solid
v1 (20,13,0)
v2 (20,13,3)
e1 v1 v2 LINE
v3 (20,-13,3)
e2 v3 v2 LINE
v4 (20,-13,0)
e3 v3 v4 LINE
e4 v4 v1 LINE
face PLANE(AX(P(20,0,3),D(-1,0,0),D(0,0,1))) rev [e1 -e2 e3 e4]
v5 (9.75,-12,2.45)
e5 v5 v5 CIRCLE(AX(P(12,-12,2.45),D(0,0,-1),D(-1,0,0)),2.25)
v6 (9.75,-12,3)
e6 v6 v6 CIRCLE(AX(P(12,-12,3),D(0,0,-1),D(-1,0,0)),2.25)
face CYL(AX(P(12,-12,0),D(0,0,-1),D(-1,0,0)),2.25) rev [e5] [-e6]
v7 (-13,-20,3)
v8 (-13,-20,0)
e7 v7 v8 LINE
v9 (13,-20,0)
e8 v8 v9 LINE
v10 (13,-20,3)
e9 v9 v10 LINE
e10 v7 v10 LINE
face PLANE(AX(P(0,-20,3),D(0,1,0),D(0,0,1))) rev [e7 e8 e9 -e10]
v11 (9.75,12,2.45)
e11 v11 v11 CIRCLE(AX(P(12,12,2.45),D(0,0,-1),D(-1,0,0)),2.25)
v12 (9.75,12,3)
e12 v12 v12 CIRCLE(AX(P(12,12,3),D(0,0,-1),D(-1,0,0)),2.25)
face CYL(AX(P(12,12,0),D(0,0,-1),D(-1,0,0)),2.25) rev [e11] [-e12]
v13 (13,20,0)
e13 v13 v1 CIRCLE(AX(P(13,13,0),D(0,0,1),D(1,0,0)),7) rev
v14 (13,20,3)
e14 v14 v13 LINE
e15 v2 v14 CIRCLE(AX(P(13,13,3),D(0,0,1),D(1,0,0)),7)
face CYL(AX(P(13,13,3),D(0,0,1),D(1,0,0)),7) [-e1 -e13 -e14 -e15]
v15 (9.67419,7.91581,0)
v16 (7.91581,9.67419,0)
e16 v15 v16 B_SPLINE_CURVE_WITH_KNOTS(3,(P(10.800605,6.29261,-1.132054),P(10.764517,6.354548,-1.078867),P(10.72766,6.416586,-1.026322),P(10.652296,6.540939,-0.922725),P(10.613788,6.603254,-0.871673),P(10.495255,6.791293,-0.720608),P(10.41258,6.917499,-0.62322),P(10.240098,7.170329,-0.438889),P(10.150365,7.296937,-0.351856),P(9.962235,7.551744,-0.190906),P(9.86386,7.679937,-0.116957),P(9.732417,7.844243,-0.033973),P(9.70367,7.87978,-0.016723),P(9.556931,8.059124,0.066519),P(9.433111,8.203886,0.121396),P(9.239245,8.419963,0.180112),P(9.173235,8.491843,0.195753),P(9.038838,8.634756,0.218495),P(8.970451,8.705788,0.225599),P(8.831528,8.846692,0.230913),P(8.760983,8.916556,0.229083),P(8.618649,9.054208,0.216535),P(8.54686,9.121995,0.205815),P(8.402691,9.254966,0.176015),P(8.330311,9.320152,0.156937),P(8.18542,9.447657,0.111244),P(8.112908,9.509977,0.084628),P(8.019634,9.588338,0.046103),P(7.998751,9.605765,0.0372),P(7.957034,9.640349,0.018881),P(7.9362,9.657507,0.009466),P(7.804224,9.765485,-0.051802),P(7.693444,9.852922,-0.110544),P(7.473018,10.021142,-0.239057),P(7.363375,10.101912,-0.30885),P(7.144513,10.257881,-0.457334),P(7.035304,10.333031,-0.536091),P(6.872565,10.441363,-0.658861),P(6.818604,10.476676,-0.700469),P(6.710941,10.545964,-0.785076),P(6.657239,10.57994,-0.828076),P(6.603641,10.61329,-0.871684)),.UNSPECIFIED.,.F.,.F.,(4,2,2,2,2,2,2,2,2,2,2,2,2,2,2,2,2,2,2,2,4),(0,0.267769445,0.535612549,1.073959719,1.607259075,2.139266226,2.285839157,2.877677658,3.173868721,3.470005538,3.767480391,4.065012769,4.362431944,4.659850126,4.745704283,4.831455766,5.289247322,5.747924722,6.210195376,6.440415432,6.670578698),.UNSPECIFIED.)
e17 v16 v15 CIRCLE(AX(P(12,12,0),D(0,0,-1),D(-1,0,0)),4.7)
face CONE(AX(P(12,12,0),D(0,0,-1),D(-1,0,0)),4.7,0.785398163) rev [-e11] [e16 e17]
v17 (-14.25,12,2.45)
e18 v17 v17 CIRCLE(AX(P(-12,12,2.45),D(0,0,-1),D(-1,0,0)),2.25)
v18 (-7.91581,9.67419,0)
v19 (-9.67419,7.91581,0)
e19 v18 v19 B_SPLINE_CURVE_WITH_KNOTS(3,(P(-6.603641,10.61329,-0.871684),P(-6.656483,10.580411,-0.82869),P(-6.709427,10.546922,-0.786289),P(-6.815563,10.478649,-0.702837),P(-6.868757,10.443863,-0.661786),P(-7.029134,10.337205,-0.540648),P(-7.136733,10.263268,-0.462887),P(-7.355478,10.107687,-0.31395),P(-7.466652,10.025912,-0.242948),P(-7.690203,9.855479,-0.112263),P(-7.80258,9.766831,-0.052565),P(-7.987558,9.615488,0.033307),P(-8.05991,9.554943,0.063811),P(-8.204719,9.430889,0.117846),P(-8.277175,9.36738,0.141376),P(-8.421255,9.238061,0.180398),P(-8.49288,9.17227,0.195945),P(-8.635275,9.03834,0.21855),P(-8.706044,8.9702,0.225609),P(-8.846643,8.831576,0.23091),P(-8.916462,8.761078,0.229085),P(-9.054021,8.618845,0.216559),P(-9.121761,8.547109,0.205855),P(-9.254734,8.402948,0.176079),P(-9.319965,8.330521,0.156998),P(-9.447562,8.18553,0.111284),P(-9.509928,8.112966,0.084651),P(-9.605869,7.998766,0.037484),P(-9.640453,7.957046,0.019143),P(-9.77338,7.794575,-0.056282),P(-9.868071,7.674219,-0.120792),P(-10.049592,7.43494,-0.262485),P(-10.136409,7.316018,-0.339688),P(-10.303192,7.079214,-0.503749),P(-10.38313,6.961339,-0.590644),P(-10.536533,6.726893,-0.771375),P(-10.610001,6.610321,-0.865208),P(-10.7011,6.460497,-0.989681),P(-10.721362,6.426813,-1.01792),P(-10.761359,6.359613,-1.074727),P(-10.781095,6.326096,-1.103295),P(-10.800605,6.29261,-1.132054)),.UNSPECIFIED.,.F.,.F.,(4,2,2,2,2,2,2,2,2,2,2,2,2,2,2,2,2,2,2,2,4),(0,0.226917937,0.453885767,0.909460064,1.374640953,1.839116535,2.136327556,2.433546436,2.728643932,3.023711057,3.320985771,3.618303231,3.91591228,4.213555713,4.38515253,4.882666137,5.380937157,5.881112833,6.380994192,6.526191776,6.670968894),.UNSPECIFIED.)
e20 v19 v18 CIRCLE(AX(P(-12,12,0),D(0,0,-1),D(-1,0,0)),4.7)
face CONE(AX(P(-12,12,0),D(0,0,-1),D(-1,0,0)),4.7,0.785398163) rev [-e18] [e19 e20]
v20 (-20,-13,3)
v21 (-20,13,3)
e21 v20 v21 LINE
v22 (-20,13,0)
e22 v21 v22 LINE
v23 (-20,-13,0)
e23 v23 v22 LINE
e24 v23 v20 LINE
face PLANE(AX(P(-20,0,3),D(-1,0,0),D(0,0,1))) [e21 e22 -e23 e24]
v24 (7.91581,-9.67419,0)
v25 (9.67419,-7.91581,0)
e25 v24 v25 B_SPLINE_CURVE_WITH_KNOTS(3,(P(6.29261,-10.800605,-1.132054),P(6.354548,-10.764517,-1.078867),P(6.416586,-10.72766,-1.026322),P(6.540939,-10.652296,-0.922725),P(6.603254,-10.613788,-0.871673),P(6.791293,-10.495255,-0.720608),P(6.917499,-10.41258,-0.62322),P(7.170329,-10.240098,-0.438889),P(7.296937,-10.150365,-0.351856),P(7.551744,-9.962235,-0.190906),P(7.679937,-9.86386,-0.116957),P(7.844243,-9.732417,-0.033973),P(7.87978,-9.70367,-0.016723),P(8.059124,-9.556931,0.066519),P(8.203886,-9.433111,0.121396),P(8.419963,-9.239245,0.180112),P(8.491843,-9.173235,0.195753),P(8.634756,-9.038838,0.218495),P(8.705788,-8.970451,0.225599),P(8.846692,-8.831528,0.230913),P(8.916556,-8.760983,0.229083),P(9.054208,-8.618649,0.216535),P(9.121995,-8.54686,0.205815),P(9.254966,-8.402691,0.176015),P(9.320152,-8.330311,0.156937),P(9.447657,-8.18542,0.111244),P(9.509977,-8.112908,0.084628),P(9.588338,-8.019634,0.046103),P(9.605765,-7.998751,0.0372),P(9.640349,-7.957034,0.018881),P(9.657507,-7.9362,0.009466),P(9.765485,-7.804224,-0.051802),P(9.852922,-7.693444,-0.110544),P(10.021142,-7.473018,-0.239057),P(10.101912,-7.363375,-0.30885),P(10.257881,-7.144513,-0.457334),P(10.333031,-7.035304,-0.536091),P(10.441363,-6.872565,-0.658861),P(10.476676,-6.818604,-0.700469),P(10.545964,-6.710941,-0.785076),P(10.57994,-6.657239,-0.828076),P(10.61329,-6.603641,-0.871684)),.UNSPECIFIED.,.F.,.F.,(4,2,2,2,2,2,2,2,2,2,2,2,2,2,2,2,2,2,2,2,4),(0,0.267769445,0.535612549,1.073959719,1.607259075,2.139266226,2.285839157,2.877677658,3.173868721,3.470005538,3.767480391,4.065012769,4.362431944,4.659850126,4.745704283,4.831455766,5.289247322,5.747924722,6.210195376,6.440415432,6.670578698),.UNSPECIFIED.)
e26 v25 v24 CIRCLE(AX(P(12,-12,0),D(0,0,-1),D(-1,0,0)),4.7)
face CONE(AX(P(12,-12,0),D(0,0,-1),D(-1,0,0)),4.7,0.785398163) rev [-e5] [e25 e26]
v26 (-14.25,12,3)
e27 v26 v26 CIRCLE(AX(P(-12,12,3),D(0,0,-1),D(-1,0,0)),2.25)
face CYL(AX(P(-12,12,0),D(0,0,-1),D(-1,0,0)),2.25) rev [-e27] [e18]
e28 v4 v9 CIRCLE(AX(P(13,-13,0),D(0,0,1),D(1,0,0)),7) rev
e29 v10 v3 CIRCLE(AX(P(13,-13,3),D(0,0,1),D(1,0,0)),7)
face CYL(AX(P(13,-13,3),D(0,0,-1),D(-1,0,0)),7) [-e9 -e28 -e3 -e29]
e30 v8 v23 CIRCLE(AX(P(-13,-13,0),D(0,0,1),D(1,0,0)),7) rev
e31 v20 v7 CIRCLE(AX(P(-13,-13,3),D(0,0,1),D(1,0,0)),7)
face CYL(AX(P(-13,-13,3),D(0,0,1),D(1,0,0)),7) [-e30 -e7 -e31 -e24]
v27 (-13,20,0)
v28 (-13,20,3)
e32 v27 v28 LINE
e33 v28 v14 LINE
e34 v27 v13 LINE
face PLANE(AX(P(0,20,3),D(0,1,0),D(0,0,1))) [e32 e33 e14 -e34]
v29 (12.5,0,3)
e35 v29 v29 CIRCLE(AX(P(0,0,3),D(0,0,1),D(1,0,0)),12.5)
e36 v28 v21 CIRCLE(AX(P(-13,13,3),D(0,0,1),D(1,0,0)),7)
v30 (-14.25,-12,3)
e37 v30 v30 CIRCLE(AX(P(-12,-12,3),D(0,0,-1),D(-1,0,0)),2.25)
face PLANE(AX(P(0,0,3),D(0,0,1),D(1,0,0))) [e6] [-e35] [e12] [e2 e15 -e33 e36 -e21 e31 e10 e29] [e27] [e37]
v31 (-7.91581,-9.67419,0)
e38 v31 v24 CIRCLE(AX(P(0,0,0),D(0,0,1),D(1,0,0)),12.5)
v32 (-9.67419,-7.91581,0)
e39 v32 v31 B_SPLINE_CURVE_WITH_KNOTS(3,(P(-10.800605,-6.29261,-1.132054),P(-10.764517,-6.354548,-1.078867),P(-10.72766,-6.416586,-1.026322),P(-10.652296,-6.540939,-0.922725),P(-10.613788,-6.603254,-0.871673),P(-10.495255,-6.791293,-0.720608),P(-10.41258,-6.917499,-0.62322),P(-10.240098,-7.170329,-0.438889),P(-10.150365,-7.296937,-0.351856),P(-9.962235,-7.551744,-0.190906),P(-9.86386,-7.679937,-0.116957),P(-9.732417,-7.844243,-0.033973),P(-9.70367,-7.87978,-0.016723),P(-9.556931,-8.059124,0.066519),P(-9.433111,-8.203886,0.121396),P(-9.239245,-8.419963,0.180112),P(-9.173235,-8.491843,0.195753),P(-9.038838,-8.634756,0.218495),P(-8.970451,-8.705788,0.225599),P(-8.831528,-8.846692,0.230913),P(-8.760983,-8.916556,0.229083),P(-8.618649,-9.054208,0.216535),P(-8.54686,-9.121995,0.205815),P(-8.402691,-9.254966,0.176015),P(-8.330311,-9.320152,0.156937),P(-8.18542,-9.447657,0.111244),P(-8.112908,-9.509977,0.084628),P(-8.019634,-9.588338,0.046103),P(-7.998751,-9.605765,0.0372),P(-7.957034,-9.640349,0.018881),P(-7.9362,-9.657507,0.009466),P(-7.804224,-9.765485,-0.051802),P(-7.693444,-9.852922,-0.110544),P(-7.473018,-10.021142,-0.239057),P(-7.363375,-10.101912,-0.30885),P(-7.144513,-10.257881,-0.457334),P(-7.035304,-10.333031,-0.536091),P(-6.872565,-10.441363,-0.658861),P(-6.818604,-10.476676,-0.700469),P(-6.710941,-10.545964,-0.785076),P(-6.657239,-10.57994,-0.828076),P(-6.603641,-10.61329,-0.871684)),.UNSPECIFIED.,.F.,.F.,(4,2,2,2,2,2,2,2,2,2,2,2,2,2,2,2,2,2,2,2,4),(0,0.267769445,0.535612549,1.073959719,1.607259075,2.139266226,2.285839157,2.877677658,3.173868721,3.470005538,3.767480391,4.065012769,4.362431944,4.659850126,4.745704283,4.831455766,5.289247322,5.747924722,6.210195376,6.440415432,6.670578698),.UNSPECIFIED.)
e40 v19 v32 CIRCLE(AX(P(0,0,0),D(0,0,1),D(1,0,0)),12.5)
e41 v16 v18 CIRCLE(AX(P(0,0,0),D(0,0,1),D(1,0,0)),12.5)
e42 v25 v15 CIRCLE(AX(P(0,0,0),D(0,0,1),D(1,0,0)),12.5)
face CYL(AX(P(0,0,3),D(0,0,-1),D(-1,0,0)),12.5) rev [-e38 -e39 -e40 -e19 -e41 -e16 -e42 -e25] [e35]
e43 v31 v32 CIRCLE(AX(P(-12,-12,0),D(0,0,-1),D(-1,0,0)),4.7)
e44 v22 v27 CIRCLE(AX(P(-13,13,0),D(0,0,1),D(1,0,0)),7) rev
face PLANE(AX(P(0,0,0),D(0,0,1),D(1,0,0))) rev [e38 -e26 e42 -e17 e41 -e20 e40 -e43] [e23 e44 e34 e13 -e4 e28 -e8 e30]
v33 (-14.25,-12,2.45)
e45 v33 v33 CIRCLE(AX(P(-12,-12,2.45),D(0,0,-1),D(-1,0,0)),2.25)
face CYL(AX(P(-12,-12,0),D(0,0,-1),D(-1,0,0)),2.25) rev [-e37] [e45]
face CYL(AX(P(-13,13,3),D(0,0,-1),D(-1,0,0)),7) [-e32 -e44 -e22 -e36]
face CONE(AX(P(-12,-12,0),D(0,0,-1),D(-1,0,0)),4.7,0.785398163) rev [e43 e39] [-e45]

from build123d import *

# Parameters (mm, degrees)
SKETCH1_W                                    = 40
SKETCH1_H                                    = 40
SKETCH1_R                                    = 12.5
BOSS_EXTRUDE1_DEPTH                          = 3
FILLET1_R                                    = 7
CSK_FOR_M4_COUNTERSUNK_FLAT_HEAD_SCR_2_COUNT = 2
CSK_FOR_M4_COUNTERSUNK_FLAT_HEAD_SCR_2_PITCH = 24
CSK_FOR_M4_COUNTERSUNK_FLAT_HEAD_SCR_3_COUNT = 2
CSK_FOR_M4_COUNTERSUNK_FLAT_HEAD_SCR_3_PITCH = 33.941125497
CSK_FOR_M4_COUNTERSUNK_FLAT_HEAD_SCR_4_COUNT = 2
CSK_FOR_M4_COUNTERSUNK_FLAT_HEAD_SCR_4_PITCH = 24


with BuildPart() as part:
    # Sketch1 → Boss-Extrude1 (new body)
    with BuildSketch(Plane.XY):
        Rectangle(SKETCH1_W, SKETCH1_H)
        Circle(SKETCH1_R, mode=Mode.SUBTRACT)
    extrude(amount=BOSS_EXTRUDE1_DEPTH)

    # Fillet1
    fillet1_edges = [part.edges().sort_by_distance(p)[0] for p in [
        (-20, -20, 1.5),
        (-20, 20, 1.5),
        (20, 20, 1.5),
        (20, -20, 1.5),
    ]]
    fillet(fillet1_edges, radius=FILLET1_R)

    # Sketch3 → CSK for M4 Countersunk Flat Head Screw1 (revolve, cut)
    with BuildSketch(Plane(origin=(12, 12, 0), x_dir=(0, 1, 0), z_dir=(1, 0, 0))):
        Polygon((0, 0), (0, 3), (2.25, 3), (2.25, 2.45), (4.7, 0), align=None)
    csk_for_m4_countersunk_flat_head_screw1 = revolve(axis=Axis((12, 12, -6.35), (0, 0, 1)), mode=Mode.SUBTRACT)

    # CSK for M4 Countersunk Flat Head Scr 2: CSK for M4 Countersunk Flat Head Screw1 ×2
    with Locations(*[(-i * CSK_FOR_M4_COUNTERSUNK_FLAT_HEAD_SCR_2_PITCH, 0, 0) for i in range(1, CSK_FOR_M4_COUNTERSUNK_FLAT_HEAD_SCR_2_COUNT)]):
        add(csk_for_m4_countersunk_flat_head_screw1, mode=Mode.SUBTRACT)

    # CSK for M4 Countersunk Flat Head Scr 3: CSK for M4 Countersunk Flat Head Screw1 ×2
    with Locations(*[Vector(-0.7071067811865475, -0.7071067811865476, 0) * (i * CSK_FOR_M4_COUNTERSUNK_FLAT_HEAD_SCR_3_PITCH) for i in range(1, CSK_FOR_M4_COUNTERSUNK_FLAT_HEAD_SCR_3_COUNT)]):
        add(csk_for_m4_countersunk_flat_head_screw1, mode=Mode.SUBTRACT)

    # CSK for M4 Countersunk Flat Head Scr 4: CSK for M4 Countersunk Flat Head Screw1 ×2
    with Locations(*[(0, -i * CSK_FOR_M4_COUNTERSUNK_FLAT_HEAD_SCR_4_PITCH, 0) for i in range(1, CSK_FOR_M4_COUNTERSUNK_FLAT_HEAD_SCR_4_COUNT)]):
        add(csk_for_m4_countersunk_flat_head_screw1, mode=Mode.SUBTRACT)


solid = part.part
